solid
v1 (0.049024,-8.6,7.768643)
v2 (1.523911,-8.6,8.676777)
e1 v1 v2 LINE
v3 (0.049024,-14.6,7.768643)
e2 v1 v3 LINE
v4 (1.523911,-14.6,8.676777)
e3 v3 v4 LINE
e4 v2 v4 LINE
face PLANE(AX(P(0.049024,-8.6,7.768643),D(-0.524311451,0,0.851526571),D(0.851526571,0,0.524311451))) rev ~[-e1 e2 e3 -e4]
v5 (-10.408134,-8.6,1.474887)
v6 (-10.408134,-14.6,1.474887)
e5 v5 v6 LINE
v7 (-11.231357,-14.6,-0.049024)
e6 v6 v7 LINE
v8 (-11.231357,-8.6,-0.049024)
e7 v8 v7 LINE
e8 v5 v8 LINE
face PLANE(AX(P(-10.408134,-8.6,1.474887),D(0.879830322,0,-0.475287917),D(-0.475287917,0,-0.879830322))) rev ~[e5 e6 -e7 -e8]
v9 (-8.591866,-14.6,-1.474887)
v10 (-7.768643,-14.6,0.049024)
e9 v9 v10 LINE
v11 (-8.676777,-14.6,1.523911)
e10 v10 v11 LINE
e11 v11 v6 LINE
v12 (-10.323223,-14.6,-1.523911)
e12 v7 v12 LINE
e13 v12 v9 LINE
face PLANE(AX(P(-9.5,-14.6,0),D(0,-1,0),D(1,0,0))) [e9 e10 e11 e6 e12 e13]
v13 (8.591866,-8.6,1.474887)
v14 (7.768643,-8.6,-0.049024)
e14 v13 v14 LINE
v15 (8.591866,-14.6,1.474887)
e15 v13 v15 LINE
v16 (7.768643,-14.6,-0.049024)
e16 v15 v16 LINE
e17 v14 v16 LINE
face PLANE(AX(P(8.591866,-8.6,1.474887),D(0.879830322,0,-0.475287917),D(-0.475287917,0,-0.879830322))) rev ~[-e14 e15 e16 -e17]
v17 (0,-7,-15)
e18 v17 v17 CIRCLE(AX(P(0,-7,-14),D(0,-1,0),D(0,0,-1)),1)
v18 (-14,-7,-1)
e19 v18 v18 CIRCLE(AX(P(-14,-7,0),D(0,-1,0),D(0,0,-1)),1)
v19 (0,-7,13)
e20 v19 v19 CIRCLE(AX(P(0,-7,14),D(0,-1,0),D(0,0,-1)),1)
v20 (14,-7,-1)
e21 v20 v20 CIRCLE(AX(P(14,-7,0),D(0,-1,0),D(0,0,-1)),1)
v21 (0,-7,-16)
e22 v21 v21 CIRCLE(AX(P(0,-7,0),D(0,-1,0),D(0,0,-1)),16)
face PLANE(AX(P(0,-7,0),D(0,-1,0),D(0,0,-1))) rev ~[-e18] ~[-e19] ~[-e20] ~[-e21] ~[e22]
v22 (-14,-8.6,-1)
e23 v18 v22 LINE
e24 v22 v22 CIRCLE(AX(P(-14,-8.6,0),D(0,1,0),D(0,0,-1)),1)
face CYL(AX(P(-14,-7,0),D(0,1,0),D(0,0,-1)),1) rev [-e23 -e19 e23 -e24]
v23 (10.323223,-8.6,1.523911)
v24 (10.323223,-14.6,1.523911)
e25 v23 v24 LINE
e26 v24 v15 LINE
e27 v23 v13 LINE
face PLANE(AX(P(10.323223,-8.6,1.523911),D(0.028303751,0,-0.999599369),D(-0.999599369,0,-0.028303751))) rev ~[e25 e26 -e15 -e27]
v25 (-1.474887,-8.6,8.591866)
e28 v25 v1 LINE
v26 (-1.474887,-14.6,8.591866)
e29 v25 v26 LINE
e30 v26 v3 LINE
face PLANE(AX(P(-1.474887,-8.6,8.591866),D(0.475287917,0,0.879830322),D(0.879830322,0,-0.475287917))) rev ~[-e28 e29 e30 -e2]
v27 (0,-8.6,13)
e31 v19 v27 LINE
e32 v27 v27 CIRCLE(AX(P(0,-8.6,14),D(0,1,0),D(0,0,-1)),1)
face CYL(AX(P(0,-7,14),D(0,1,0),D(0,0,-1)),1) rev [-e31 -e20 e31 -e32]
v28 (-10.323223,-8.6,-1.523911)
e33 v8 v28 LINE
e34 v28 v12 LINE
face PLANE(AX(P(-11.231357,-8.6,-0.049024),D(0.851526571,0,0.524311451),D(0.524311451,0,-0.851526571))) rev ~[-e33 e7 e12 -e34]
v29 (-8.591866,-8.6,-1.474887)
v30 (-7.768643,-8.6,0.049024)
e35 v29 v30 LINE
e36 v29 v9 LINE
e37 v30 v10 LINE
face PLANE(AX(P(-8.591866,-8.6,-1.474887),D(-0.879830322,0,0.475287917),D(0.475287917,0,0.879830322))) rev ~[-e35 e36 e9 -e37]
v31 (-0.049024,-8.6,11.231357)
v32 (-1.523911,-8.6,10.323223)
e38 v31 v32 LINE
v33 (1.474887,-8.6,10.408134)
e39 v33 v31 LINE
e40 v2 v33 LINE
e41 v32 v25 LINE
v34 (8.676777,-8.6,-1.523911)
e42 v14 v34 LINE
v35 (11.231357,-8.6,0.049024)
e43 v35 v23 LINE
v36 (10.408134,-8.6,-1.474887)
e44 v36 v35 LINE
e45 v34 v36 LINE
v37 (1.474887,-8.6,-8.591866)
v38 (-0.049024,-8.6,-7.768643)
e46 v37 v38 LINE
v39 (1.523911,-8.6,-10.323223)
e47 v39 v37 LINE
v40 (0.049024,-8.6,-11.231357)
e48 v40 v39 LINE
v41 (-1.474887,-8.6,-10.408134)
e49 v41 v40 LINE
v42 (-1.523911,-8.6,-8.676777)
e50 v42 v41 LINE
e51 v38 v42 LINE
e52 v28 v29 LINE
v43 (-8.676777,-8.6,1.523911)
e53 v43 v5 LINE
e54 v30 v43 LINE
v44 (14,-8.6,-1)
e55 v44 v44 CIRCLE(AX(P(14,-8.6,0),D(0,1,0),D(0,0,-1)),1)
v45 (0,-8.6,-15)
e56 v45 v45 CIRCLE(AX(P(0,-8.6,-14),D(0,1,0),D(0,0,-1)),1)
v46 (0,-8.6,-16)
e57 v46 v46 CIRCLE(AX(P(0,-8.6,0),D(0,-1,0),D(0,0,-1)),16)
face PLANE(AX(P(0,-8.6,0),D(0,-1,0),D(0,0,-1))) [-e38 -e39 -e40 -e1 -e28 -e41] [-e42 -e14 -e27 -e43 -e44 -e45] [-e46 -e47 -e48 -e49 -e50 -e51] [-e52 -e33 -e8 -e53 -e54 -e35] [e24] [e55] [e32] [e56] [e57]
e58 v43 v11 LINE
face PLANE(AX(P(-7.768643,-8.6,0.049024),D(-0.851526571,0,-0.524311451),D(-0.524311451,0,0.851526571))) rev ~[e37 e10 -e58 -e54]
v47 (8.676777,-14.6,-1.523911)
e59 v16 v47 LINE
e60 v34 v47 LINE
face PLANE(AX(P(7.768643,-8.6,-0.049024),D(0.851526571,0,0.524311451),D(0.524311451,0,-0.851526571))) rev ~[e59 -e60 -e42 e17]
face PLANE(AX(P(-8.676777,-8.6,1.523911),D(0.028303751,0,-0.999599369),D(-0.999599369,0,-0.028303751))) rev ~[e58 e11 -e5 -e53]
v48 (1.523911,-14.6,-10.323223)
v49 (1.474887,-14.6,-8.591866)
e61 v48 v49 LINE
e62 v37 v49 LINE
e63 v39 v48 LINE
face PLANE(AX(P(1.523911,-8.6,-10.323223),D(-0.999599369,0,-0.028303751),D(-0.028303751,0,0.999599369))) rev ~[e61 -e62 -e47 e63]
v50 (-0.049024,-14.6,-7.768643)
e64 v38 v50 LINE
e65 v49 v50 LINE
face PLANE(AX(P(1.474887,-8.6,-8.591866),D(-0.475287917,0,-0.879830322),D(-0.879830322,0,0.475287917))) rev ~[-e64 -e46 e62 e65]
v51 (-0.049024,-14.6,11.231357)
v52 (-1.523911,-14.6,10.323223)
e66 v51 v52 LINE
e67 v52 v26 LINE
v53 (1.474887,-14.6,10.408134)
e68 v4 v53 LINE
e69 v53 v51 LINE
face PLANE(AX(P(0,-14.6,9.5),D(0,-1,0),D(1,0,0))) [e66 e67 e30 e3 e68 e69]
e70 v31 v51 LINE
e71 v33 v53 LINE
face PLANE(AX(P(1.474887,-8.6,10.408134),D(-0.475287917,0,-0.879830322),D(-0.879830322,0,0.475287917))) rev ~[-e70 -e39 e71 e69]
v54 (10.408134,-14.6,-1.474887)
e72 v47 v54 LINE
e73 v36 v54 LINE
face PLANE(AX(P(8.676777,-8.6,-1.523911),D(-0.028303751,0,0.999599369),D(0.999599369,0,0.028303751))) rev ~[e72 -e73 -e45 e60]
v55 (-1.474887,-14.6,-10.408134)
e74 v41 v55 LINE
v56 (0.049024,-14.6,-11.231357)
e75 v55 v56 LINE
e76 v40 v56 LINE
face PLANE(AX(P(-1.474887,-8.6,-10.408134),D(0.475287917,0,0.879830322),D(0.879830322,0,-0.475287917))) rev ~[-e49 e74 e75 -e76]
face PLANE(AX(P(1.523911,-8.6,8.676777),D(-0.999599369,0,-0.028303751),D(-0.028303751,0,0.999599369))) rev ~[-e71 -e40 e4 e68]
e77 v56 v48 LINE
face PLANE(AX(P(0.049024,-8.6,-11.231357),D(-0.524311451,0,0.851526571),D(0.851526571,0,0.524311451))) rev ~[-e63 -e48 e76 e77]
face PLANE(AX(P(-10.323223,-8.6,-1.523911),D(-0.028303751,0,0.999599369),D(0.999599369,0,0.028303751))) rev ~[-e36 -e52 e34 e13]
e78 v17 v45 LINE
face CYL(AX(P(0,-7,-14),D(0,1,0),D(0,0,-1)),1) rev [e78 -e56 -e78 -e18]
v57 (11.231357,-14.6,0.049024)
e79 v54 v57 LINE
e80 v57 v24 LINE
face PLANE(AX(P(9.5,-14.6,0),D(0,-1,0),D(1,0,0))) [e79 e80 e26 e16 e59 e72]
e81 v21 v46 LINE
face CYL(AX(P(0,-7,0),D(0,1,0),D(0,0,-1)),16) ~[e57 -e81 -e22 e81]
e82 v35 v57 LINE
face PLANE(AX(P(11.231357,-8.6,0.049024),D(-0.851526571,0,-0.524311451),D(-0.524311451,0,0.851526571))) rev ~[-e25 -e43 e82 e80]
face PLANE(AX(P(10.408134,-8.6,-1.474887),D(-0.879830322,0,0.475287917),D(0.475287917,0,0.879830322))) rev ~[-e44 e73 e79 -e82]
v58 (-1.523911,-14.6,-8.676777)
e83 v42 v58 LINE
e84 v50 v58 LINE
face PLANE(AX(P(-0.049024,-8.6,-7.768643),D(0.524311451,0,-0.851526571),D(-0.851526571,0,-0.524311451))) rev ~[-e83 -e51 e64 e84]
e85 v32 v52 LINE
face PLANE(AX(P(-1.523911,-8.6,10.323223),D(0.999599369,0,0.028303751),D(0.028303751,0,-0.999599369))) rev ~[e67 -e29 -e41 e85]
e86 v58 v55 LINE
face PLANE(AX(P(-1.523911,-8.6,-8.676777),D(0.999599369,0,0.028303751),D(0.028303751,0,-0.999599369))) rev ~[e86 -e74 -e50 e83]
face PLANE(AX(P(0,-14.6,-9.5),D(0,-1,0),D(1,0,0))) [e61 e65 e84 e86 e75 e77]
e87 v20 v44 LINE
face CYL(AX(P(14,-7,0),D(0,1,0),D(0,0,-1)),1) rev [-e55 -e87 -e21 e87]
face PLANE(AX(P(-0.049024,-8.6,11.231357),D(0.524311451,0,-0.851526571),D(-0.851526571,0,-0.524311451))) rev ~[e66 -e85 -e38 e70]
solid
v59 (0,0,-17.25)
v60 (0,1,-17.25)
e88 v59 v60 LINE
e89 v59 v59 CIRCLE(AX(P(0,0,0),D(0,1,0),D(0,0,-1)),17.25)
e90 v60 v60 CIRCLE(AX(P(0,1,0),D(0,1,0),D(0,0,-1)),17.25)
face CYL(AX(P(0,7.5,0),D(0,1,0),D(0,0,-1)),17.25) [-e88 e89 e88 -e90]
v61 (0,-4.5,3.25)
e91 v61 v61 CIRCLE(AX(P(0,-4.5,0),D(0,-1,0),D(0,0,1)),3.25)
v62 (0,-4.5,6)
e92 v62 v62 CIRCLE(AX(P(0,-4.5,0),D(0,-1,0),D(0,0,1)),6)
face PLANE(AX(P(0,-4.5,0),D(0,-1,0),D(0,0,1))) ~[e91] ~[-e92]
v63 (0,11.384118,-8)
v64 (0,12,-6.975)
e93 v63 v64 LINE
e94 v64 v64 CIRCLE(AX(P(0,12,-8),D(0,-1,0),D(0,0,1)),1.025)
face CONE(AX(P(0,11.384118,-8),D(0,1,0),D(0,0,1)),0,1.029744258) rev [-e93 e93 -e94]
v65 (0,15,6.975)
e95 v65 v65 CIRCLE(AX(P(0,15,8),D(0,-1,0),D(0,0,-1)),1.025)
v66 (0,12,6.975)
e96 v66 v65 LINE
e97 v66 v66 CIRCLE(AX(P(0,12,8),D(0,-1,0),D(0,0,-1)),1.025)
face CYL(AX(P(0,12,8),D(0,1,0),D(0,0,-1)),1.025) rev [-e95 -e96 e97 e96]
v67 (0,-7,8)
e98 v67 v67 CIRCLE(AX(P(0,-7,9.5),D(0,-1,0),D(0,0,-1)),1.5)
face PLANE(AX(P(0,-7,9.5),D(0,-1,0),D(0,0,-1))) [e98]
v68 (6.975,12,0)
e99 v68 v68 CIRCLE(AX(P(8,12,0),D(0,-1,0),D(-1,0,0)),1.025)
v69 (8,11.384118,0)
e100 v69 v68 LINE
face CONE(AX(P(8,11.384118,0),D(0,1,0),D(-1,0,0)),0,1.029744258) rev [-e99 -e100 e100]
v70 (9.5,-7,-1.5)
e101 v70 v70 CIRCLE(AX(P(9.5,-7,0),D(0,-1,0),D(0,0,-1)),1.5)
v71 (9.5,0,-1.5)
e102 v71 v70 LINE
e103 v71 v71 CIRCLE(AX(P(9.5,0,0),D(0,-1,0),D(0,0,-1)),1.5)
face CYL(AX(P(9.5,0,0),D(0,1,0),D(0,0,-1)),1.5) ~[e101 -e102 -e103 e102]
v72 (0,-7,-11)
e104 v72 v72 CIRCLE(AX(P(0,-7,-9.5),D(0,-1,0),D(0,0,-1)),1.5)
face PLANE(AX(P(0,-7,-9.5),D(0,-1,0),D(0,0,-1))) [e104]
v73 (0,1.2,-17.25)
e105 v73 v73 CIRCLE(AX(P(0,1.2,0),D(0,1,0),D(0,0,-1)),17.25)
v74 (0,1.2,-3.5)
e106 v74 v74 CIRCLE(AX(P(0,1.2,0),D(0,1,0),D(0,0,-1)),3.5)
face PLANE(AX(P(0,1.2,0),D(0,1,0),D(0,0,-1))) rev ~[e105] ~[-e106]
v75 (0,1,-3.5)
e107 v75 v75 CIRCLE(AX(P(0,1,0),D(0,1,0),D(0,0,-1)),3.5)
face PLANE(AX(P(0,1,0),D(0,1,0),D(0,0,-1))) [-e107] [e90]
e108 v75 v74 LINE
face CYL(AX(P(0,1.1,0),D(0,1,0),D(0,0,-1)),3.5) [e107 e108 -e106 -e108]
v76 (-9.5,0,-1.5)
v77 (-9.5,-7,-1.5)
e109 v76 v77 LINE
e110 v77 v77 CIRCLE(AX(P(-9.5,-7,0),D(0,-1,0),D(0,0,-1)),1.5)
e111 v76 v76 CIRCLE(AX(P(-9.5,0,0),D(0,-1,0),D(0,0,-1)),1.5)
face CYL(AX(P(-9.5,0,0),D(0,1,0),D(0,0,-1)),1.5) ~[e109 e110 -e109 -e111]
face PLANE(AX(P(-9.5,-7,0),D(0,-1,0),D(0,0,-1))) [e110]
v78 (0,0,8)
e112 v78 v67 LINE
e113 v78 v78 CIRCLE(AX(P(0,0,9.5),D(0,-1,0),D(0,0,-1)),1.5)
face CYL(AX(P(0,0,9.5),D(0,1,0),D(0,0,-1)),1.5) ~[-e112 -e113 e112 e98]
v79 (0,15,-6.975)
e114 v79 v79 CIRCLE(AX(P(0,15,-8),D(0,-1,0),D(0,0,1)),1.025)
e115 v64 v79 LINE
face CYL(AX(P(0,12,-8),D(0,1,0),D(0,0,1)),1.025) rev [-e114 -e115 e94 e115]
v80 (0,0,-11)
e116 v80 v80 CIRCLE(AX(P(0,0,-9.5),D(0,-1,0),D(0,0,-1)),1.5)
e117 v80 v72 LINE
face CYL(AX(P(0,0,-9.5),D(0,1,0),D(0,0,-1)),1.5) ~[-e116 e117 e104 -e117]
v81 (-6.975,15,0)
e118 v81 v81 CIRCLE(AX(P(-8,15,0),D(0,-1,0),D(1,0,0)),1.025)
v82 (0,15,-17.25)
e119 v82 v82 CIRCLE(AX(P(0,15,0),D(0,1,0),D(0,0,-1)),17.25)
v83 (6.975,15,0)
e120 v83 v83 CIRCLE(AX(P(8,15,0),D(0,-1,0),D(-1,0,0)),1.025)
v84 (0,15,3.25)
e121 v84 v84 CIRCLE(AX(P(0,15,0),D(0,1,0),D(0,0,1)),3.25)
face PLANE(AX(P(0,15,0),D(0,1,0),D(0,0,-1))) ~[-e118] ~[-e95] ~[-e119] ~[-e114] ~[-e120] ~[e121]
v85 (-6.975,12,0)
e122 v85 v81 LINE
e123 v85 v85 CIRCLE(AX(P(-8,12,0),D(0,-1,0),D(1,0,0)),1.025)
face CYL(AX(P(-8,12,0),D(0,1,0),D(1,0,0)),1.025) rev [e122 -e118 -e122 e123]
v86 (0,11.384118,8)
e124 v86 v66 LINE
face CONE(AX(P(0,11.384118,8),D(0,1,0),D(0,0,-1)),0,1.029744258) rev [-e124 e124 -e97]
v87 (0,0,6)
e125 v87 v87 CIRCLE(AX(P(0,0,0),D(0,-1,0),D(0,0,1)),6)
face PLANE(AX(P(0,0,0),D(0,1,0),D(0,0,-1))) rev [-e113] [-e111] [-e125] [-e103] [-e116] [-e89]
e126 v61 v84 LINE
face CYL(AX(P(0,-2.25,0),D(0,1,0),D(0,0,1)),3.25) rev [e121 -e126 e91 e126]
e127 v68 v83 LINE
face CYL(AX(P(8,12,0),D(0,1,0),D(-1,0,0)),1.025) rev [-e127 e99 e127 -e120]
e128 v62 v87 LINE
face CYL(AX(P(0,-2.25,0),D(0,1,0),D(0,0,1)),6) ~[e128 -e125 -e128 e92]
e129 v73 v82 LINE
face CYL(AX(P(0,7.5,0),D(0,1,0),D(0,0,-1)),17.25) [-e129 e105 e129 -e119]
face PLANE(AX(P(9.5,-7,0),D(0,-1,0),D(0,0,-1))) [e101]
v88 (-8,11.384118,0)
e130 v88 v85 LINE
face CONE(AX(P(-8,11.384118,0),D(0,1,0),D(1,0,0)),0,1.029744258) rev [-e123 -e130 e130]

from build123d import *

# Parameters (mm, degrees)
SKETCH_1_W               = 17.25
SKETCH_1_H               = 15
SKETCH_2_W               = 13.75
SKETCH_2_H               = 0.2
CUT_EXTRUDE_1_REACH      = 30.638
SKETCH_3_R               = 3.25
PATTERN_CIRCULAR_1_COUNT = 4
SKETCH_8_R               = 1.5
EXTRUDE_1_DEPTH          = 7
SKETCH_9_R               = 16
EXTRUDE_2_DEPTH          = 1.6
EXTRUDE_3_DEPTH          = 6
CUT_EXTRUDE_2_DEPTH      = 34.942377642
CUT_EXTRUDE_2_DEPTH_BACK = 1.6
SKETCH_12_R              = 1
SKETCH_14_W              = 2.75
SKETCH_14_H              = 4.5


with BuildPart() as part:
    # 草图1 → 旋转2 (revolve)
    with BuildSketch(Plane.XY, mode=Mode.PRIVATE) as revolve_2_sk:
        with Locations((8.625, 7.5)):
            Rectangle(SKETCH_1_W, SKETCH_1_H)
    revolve(revolve_2_sk.sketch.rotate(Axis((0, 0, 0), (0, 1, 0)), 90), axis=Axis((0, 0, 0), (0, 1, 0)))

    # 草图2 → 切除-旋转2 (revolve, cut)
    with BuildSketch(Plane.XY, mode=Mode.PRIVATE) as cut_revolve_2_sk:
        with Locations((-10.375, 1.1)):
            Rectangle(SKETCH_2_W, SKETCH_2_H)
    revolve(cut_revolve_2_sk.sketch.rotate(Axis((0, 0, 0), (0, 1, 0)), 270), axis=Axis((0, 0, 0), (0, 1, 0)), mode=Mode.SUBTRACT)

    # 草图3 → 切除-拉伸1 (cut, up to next)
    with BuildSketch(Plane(origin=(0, 15, 0), x_dir=(1, 0, 0), z_dir=(0, 1, 0)), mode=Mode.PRIVATE) as cut_extrude_1_sk1:
        with Locations(Location((0, 0, 0), (0, 0, 270))):
            Circle(SKETCH_3_R)
    cut_extrude_1_tool1 = extrude(cut_extrude_1_sk1.sketch, amount=-CUT_EXTRUDE_1_REACH, mode=Mode.PRIVATE) & part.part
    add(cut_extrude_1_tool1.solids().sort_by_distance((0, 15, 0))[0], mode=Mode.SUBTRACT)

    # 草图6 → M2.5 螺纹孔1 (revolve, cut)
    with BuildSketch(Plane(origin=(0, 15, -8), x_dir=(0, 0, 1), z_dir=(1, 0, 0))):
        Polygon((0, 0), (0, 3.615882135), (1.025, 3), (1.025, 0), align=None)
    hole_wizard_m2_5_1 = revolve(axis=Axis((0, 21.35, -8), (0, -1, 0)), mode=Mode.SUBTRACT)

    # 阵列(圆周)1: M2.5 螺纹孔1 ×4 about axis
    pattern_circular_1_axis = Axis((0, 0, 0), (0, 1, 0))
    for i in range(1, PATTERN_CIRCULAR_1_COUNT):
        add(hole_wizard_m2_5_1.rotate(pattern_circular_1_axis, i * 360 / PATTERN_CIRCULAR_1_COUNT), mode=Mode.SUBTRACT)

    # 草图8 → 凸台-拉伸1 (add)
    with BuildSketch(Plane.XZ):
        with Locations(Location((0, 9.5, 0), (0, 0, 270))):
            Circle(SKETCH_8_R)
        with Locations(Location((9.5, 0, 0), (0, 0, 270))):
            Circle(SKETCH_8_R)
        with Locations(Location((0, -9.5, 0), (0, 0, 270))):
            Circle(SKETCH_8_R)
        with Locations(Location((-9.5, 0, 0), (0, 0, 270))):
            Circle(SKETCH_8_R)
    extrude(amount=EXTRUDE_1_DEPTH)

    # 草图14 → 旋转3 (revolve)
    with BuildSketch(Plane.XY, mode=Mode.PRIVATE) as revolve_3_sk:
        with Locations((4.625, -2.25)):
            Rectangle(SKETCH_14_W, SKETCH_14_H)
    revolve(revolve_3_sk.sketch.rotate(Axis((0, 0, 0), (0, -1, 0)), 90), axis=Axis((0, 0, 0), (0, -1, 0)))


with BuildPart() as body_2:
    # 草图9 → 凸台-拉伸2 (new body)
    with BuildSketch(Plane(origin=(0, -7, 0), x_dir=(-1, 0, 0), z_dir=(0, -1, 0))):
        with Locations(Location((0, 0, 0), (0, 0, 90))):
            Circle(SKETCH_9_R)
    extrude(amount=EXTRUDE_2_DEPTH)

    # 草图11 → 凸台-拉伸3 (add)
    with BuildSketch(Plane.XZ.offset(8.6)):
        Polygon((8.676777179, -1.52391082), (10.408134073, -1.474887286), (11.231356894, 0.049023534), (10.323222821, 1.52391082), (8.591865927, 1.474887286), (7.768643106, -0.049023534), align=None)
        Polygon((1.52391082, 8.676777179), (1.474887286, 10.408134073), (-0.049023534, 11.231356894), (-1.52391082, 10.323222821), (-1.474887286, 8.591865927), (0.049023534, 7.768643106), align=None)
        Polygon((-1.52391082, -8.676777179), (-1.474887286, -10.408134073), (0.049023534, -11.231356894), (1.52391082, -10.323222821), (1.474887286, -8.591865927), (-0.049023534, -7.768643106), align=None)
        Polygon((-8.676777179, 1.52391082), (-10.408134073, 1.474887286), (-11.231356894, -0.049023534), (-10.323222821, -1.52391082), (-8.591865927, -1.474887286), (-7.768643106, 0.049023534), align=None)
    extrude(amount=EXTRUDE_3_DEPTH)

    # 草图12 → 切除-拉伸2 (cut, two sides: drawn at the far end of the back side and taken through both)
    with BuildSketch(Plane.XZ.offset(8.6).offset(-CUT_EXTRUDE_2_DEPTH_BACK)):
        with Locations(Location((0, 14, 0), (0, 0, 270))):
            Circle(SKETCH_12_R)
        with Locations(Location((14, 0, 0), (0, 0, 270))):
            Circle(SKETCH_12_R)
        with Locations(Location((0, -14, 0), (0, 0, 270))):
            Circle(SKETCH_12_R)
        with Locations(Location((-14, 0, 0), (0, 0, 270))):
            Circle(SKETCH_12_R)
    extrude(amount=CUT_EXTRUDE_2_DEPTH + CUT_EXTRUDE_2_DEPTH_BACK, mode=Mode.SUBTRACT)


solid = Compound([part.part, body_2.part])
